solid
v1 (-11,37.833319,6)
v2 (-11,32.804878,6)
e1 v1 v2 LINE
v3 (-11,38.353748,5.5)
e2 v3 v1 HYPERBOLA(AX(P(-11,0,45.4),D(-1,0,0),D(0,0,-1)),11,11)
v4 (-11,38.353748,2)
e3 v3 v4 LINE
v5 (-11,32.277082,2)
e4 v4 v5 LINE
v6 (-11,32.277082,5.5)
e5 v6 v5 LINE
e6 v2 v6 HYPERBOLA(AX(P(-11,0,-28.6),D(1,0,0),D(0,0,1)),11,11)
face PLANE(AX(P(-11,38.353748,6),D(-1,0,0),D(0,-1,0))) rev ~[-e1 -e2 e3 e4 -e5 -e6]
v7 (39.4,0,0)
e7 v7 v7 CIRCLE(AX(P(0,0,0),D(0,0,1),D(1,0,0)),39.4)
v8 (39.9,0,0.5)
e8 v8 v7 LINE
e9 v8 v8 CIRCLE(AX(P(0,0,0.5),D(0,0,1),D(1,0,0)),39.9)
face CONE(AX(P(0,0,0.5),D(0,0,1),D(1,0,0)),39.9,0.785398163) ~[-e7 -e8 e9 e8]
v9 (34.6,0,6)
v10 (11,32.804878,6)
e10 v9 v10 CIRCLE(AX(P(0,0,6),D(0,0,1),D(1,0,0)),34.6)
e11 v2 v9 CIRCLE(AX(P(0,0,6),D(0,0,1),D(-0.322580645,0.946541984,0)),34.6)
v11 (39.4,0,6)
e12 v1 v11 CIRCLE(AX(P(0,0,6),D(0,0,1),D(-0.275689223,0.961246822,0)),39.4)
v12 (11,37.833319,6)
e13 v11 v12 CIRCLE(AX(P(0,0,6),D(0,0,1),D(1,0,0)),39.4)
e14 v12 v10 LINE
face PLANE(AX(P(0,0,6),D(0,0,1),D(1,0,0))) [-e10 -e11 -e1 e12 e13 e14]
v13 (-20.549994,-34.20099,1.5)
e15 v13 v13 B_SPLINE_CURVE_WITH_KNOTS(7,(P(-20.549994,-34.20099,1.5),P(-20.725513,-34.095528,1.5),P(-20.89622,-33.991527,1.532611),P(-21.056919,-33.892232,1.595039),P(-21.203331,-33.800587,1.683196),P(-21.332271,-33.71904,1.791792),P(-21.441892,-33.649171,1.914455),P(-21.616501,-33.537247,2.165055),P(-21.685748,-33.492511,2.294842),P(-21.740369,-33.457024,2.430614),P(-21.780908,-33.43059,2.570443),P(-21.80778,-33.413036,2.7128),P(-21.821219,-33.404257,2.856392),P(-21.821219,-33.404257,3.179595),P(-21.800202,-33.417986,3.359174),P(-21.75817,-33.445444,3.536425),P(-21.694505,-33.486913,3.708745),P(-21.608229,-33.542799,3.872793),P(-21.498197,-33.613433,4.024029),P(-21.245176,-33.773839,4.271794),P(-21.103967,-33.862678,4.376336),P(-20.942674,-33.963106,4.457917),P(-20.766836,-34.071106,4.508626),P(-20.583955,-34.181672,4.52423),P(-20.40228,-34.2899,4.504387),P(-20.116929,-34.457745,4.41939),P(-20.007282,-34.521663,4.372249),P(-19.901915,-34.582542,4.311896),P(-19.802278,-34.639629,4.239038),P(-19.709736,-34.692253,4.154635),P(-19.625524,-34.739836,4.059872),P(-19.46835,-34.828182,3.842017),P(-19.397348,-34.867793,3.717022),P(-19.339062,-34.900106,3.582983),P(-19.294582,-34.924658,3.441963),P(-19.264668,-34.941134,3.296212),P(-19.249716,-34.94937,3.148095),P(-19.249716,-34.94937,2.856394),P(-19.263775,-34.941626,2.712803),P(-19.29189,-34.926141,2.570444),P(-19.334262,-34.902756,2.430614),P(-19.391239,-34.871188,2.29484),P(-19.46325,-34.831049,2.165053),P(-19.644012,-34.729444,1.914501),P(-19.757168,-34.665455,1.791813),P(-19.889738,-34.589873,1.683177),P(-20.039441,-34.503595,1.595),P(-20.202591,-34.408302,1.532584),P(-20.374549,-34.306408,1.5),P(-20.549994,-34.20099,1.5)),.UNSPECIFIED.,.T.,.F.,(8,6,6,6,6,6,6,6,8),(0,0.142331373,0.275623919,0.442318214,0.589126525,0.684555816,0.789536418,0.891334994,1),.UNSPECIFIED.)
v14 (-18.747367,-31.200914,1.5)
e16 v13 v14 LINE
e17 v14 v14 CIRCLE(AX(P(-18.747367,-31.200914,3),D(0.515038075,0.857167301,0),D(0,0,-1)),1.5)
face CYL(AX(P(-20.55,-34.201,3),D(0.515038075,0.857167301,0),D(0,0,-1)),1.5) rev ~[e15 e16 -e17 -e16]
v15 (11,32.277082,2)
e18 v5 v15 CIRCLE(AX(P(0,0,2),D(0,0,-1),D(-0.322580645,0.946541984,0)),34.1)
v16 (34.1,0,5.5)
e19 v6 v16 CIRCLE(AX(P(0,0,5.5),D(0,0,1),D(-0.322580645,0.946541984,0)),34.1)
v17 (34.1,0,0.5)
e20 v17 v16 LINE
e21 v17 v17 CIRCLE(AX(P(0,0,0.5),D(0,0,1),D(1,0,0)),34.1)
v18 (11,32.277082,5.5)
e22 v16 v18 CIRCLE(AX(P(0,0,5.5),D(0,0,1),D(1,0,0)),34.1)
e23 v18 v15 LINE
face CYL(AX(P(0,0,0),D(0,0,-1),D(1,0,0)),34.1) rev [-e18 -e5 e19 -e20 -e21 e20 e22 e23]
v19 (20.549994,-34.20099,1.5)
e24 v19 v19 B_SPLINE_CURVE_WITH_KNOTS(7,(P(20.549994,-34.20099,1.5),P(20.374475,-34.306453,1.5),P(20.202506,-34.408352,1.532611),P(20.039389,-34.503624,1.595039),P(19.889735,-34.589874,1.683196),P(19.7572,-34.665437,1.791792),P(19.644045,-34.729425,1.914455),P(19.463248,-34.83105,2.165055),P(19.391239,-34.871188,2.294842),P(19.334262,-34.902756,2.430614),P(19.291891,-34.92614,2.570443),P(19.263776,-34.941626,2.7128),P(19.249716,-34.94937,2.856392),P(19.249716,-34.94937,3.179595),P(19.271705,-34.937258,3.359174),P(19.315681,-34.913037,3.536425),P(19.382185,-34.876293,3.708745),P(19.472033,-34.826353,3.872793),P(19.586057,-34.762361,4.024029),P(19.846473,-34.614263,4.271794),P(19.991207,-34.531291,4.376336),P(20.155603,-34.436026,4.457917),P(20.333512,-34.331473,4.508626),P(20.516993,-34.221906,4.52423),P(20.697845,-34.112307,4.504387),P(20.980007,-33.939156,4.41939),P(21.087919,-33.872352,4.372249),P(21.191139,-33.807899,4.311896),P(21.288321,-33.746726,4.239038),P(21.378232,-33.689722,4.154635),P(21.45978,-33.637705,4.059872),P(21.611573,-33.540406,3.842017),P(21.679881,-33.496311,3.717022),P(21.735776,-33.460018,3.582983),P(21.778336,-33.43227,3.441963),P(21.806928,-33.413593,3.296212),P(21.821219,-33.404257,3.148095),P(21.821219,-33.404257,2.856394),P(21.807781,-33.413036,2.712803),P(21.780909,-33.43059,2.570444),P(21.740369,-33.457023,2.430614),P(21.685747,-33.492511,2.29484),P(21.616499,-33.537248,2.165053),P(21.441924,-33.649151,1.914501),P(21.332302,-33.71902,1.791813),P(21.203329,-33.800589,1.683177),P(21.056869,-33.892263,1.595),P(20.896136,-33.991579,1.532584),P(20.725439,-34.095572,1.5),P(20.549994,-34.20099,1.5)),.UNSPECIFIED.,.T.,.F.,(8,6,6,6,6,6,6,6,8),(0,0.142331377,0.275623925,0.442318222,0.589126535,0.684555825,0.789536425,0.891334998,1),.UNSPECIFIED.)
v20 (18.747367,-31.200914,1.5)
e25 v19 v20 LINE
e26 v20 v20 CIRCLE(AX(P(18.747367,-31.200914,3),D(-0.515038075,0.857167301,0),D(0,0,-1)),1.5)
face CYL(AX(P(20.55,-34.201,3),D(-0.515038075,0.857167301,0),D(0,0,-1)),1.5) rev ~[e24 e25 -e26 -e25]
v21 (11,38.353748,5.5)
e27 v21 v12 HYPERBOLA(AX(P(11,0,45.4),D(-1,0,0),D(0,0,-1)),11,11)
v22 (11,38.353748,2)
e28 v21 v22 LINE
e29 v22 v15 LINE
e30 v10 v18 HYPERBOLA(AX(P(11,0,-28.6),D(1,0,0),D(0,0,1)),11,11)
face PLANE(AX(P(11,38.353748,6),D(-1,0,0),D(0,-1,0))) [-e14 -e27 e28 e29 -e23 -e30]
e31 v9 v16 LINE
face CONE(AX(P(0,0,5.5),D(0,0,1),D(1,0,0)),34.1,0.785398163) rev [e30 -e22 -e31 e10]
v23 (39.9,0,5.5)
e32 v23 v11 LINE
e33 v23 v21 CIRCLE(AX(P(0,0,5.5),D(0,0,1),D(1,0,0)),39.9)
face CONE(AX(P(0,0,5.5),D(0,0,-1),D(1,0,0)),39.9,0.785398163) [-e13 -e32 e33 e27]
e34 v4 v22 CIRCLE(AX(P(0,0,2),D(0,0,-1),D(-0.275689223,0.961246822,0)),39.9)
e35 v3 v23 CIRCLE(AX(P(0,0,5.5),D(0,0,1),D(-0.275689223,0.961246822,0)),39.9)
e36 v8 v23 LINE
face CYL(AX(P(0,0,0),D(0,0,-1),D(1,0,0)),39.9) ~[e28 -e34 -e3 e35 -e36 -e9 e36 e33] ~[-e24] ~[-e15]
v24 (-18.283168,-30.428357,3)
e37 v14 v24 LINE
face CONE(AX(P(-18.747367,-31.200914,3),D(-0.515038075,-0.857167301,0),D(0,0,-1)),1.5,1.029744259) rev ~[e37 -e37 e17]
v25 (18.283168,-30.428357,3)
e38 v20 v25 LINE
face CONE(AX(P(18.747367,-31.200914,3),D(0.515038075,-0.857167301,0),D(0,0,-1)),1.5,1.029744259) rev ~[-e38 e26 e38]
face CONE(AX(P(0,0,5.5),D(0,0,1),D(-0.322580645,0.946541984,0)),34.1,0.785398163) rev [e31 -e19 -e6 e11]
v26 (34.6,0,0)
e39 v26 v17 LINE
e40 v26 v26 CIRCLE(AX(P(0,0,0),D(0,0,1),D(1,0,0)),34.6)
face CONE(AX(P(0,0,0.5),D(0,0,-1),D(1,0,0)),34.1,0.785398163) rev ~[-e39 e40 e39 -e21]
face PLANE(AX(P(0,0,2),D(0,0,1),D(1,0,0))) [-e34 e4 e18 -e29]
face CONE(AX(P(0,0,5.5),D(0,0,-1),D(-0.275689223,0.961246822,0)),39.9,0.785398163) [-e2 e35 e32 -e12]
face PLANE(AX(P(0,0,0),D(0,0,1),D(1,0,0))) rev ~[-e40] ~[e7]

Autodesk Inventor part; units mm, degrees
sketch "草圖1" plane through (0, 0, 0) normal (0, 0, 1) x (1, 0, 0)
  circle A0 centre (0, 0) radius 39.9
  circle A1 centre (0, 0) radius 34.1
  dimension "d0" = 79.8
  dimension "d3" = 68.2
extrude "擠出1" add sketch "草圖1" along normal blind 6
sketch "草圖2" plane through (0, 0, 6) normal (0, 0, 1) x (1, 0, 0)
  circle A0 centre (0, 0) radius 34.1 projected
  circle A1 centre (0, 0) radius 39.9 projected
  line L0 (0, 0) -> (0, 39.9)
  line L1 (11, 40.6521) -> (11, 12.8237)
  line L2 (-11, 40.6521) -> (-11, 12.8237)
  line L3 (-11, 40.6521) -> (11, 40.6521)
  line L4 (-11, 12.8237) -> (11, 12.8237)
  point P0 (11, 38.3537)
  point P1 (11, 32.2771)
  point P2 (-11, 38.3537)
  point P3 (-11, 32.2771)
  dimension "d6" = 22
extrude "擠出2" cut sketch "草圖2" against normal blind 4 contours A0 L0 A1 L1 | L2 A1 L0 A0
ref_plane "工作平面1" through (0, 0, 3) normal (0, 0, 1) x (1, 0, 0)
sketch "草圖3" plane through (0, 0, 3) normal (0, 0, 1) x (1, 0, 0)
  line L0 (0, 0) -> (0, -42.4806)
  line L1 (0, 0) -> (-20.55, -34.201)
  line L2 (0, 0) -> (20.55, -34.201)
  arc A0 (-11, 38.3537) -> (11, 38.3537) centre (0, 0) ccw projected
  line L3 (-20.55, -34.201) -> (20.55, -34.201)
  dimension "d27" = 31
ref_plane "工作平面2" through (20.55, -34.201, 3) normal (0.515, -0.8572, 0) x (0.8572, 0.515, 0)
ref_plane "工作平面3" through (-20.55, -34.201, 3) normal (-0.515, -0.8572, 0) x (0.8572, -0.515, 0)
sketch "草圖4" plane through (20.55, -34.201, 3) normal (0.515, -0.8572, 0) x (0.8572, 0.515, 0)
  point P0 (0, -3)
  point P1 (0, 0)
hole "孔1" at (20.55, -34.201, 3) direction (-0.515, 0.8572, 0) diameter 3 depth 3.5 tip angle 118
sketch "草圖5" plane through (-20.55, -34.201, 3) normal (-0.515, -0.8572, 0) x (0.8572, -0.515, 0)
  point P0 (0, -3)
  point P1 (0, 0)
hole "孔2" at (-20.55, -34.201, 3) direction (0.515, 0.8572, 0) diameter 3 depth 3.5 tip angle 118
chamfer "倒角1" distance 0.5 angle 45 6 edges at (-19.8458, -27.73, 6) (27.73, 19.8458, 6) (-34.1, 0, 0) (-24.0116, -31.8662, 6) (31.8662, 24.0116, 6) (-39.9, 0, 0)
properties part number "KE-SP-02-P1"
